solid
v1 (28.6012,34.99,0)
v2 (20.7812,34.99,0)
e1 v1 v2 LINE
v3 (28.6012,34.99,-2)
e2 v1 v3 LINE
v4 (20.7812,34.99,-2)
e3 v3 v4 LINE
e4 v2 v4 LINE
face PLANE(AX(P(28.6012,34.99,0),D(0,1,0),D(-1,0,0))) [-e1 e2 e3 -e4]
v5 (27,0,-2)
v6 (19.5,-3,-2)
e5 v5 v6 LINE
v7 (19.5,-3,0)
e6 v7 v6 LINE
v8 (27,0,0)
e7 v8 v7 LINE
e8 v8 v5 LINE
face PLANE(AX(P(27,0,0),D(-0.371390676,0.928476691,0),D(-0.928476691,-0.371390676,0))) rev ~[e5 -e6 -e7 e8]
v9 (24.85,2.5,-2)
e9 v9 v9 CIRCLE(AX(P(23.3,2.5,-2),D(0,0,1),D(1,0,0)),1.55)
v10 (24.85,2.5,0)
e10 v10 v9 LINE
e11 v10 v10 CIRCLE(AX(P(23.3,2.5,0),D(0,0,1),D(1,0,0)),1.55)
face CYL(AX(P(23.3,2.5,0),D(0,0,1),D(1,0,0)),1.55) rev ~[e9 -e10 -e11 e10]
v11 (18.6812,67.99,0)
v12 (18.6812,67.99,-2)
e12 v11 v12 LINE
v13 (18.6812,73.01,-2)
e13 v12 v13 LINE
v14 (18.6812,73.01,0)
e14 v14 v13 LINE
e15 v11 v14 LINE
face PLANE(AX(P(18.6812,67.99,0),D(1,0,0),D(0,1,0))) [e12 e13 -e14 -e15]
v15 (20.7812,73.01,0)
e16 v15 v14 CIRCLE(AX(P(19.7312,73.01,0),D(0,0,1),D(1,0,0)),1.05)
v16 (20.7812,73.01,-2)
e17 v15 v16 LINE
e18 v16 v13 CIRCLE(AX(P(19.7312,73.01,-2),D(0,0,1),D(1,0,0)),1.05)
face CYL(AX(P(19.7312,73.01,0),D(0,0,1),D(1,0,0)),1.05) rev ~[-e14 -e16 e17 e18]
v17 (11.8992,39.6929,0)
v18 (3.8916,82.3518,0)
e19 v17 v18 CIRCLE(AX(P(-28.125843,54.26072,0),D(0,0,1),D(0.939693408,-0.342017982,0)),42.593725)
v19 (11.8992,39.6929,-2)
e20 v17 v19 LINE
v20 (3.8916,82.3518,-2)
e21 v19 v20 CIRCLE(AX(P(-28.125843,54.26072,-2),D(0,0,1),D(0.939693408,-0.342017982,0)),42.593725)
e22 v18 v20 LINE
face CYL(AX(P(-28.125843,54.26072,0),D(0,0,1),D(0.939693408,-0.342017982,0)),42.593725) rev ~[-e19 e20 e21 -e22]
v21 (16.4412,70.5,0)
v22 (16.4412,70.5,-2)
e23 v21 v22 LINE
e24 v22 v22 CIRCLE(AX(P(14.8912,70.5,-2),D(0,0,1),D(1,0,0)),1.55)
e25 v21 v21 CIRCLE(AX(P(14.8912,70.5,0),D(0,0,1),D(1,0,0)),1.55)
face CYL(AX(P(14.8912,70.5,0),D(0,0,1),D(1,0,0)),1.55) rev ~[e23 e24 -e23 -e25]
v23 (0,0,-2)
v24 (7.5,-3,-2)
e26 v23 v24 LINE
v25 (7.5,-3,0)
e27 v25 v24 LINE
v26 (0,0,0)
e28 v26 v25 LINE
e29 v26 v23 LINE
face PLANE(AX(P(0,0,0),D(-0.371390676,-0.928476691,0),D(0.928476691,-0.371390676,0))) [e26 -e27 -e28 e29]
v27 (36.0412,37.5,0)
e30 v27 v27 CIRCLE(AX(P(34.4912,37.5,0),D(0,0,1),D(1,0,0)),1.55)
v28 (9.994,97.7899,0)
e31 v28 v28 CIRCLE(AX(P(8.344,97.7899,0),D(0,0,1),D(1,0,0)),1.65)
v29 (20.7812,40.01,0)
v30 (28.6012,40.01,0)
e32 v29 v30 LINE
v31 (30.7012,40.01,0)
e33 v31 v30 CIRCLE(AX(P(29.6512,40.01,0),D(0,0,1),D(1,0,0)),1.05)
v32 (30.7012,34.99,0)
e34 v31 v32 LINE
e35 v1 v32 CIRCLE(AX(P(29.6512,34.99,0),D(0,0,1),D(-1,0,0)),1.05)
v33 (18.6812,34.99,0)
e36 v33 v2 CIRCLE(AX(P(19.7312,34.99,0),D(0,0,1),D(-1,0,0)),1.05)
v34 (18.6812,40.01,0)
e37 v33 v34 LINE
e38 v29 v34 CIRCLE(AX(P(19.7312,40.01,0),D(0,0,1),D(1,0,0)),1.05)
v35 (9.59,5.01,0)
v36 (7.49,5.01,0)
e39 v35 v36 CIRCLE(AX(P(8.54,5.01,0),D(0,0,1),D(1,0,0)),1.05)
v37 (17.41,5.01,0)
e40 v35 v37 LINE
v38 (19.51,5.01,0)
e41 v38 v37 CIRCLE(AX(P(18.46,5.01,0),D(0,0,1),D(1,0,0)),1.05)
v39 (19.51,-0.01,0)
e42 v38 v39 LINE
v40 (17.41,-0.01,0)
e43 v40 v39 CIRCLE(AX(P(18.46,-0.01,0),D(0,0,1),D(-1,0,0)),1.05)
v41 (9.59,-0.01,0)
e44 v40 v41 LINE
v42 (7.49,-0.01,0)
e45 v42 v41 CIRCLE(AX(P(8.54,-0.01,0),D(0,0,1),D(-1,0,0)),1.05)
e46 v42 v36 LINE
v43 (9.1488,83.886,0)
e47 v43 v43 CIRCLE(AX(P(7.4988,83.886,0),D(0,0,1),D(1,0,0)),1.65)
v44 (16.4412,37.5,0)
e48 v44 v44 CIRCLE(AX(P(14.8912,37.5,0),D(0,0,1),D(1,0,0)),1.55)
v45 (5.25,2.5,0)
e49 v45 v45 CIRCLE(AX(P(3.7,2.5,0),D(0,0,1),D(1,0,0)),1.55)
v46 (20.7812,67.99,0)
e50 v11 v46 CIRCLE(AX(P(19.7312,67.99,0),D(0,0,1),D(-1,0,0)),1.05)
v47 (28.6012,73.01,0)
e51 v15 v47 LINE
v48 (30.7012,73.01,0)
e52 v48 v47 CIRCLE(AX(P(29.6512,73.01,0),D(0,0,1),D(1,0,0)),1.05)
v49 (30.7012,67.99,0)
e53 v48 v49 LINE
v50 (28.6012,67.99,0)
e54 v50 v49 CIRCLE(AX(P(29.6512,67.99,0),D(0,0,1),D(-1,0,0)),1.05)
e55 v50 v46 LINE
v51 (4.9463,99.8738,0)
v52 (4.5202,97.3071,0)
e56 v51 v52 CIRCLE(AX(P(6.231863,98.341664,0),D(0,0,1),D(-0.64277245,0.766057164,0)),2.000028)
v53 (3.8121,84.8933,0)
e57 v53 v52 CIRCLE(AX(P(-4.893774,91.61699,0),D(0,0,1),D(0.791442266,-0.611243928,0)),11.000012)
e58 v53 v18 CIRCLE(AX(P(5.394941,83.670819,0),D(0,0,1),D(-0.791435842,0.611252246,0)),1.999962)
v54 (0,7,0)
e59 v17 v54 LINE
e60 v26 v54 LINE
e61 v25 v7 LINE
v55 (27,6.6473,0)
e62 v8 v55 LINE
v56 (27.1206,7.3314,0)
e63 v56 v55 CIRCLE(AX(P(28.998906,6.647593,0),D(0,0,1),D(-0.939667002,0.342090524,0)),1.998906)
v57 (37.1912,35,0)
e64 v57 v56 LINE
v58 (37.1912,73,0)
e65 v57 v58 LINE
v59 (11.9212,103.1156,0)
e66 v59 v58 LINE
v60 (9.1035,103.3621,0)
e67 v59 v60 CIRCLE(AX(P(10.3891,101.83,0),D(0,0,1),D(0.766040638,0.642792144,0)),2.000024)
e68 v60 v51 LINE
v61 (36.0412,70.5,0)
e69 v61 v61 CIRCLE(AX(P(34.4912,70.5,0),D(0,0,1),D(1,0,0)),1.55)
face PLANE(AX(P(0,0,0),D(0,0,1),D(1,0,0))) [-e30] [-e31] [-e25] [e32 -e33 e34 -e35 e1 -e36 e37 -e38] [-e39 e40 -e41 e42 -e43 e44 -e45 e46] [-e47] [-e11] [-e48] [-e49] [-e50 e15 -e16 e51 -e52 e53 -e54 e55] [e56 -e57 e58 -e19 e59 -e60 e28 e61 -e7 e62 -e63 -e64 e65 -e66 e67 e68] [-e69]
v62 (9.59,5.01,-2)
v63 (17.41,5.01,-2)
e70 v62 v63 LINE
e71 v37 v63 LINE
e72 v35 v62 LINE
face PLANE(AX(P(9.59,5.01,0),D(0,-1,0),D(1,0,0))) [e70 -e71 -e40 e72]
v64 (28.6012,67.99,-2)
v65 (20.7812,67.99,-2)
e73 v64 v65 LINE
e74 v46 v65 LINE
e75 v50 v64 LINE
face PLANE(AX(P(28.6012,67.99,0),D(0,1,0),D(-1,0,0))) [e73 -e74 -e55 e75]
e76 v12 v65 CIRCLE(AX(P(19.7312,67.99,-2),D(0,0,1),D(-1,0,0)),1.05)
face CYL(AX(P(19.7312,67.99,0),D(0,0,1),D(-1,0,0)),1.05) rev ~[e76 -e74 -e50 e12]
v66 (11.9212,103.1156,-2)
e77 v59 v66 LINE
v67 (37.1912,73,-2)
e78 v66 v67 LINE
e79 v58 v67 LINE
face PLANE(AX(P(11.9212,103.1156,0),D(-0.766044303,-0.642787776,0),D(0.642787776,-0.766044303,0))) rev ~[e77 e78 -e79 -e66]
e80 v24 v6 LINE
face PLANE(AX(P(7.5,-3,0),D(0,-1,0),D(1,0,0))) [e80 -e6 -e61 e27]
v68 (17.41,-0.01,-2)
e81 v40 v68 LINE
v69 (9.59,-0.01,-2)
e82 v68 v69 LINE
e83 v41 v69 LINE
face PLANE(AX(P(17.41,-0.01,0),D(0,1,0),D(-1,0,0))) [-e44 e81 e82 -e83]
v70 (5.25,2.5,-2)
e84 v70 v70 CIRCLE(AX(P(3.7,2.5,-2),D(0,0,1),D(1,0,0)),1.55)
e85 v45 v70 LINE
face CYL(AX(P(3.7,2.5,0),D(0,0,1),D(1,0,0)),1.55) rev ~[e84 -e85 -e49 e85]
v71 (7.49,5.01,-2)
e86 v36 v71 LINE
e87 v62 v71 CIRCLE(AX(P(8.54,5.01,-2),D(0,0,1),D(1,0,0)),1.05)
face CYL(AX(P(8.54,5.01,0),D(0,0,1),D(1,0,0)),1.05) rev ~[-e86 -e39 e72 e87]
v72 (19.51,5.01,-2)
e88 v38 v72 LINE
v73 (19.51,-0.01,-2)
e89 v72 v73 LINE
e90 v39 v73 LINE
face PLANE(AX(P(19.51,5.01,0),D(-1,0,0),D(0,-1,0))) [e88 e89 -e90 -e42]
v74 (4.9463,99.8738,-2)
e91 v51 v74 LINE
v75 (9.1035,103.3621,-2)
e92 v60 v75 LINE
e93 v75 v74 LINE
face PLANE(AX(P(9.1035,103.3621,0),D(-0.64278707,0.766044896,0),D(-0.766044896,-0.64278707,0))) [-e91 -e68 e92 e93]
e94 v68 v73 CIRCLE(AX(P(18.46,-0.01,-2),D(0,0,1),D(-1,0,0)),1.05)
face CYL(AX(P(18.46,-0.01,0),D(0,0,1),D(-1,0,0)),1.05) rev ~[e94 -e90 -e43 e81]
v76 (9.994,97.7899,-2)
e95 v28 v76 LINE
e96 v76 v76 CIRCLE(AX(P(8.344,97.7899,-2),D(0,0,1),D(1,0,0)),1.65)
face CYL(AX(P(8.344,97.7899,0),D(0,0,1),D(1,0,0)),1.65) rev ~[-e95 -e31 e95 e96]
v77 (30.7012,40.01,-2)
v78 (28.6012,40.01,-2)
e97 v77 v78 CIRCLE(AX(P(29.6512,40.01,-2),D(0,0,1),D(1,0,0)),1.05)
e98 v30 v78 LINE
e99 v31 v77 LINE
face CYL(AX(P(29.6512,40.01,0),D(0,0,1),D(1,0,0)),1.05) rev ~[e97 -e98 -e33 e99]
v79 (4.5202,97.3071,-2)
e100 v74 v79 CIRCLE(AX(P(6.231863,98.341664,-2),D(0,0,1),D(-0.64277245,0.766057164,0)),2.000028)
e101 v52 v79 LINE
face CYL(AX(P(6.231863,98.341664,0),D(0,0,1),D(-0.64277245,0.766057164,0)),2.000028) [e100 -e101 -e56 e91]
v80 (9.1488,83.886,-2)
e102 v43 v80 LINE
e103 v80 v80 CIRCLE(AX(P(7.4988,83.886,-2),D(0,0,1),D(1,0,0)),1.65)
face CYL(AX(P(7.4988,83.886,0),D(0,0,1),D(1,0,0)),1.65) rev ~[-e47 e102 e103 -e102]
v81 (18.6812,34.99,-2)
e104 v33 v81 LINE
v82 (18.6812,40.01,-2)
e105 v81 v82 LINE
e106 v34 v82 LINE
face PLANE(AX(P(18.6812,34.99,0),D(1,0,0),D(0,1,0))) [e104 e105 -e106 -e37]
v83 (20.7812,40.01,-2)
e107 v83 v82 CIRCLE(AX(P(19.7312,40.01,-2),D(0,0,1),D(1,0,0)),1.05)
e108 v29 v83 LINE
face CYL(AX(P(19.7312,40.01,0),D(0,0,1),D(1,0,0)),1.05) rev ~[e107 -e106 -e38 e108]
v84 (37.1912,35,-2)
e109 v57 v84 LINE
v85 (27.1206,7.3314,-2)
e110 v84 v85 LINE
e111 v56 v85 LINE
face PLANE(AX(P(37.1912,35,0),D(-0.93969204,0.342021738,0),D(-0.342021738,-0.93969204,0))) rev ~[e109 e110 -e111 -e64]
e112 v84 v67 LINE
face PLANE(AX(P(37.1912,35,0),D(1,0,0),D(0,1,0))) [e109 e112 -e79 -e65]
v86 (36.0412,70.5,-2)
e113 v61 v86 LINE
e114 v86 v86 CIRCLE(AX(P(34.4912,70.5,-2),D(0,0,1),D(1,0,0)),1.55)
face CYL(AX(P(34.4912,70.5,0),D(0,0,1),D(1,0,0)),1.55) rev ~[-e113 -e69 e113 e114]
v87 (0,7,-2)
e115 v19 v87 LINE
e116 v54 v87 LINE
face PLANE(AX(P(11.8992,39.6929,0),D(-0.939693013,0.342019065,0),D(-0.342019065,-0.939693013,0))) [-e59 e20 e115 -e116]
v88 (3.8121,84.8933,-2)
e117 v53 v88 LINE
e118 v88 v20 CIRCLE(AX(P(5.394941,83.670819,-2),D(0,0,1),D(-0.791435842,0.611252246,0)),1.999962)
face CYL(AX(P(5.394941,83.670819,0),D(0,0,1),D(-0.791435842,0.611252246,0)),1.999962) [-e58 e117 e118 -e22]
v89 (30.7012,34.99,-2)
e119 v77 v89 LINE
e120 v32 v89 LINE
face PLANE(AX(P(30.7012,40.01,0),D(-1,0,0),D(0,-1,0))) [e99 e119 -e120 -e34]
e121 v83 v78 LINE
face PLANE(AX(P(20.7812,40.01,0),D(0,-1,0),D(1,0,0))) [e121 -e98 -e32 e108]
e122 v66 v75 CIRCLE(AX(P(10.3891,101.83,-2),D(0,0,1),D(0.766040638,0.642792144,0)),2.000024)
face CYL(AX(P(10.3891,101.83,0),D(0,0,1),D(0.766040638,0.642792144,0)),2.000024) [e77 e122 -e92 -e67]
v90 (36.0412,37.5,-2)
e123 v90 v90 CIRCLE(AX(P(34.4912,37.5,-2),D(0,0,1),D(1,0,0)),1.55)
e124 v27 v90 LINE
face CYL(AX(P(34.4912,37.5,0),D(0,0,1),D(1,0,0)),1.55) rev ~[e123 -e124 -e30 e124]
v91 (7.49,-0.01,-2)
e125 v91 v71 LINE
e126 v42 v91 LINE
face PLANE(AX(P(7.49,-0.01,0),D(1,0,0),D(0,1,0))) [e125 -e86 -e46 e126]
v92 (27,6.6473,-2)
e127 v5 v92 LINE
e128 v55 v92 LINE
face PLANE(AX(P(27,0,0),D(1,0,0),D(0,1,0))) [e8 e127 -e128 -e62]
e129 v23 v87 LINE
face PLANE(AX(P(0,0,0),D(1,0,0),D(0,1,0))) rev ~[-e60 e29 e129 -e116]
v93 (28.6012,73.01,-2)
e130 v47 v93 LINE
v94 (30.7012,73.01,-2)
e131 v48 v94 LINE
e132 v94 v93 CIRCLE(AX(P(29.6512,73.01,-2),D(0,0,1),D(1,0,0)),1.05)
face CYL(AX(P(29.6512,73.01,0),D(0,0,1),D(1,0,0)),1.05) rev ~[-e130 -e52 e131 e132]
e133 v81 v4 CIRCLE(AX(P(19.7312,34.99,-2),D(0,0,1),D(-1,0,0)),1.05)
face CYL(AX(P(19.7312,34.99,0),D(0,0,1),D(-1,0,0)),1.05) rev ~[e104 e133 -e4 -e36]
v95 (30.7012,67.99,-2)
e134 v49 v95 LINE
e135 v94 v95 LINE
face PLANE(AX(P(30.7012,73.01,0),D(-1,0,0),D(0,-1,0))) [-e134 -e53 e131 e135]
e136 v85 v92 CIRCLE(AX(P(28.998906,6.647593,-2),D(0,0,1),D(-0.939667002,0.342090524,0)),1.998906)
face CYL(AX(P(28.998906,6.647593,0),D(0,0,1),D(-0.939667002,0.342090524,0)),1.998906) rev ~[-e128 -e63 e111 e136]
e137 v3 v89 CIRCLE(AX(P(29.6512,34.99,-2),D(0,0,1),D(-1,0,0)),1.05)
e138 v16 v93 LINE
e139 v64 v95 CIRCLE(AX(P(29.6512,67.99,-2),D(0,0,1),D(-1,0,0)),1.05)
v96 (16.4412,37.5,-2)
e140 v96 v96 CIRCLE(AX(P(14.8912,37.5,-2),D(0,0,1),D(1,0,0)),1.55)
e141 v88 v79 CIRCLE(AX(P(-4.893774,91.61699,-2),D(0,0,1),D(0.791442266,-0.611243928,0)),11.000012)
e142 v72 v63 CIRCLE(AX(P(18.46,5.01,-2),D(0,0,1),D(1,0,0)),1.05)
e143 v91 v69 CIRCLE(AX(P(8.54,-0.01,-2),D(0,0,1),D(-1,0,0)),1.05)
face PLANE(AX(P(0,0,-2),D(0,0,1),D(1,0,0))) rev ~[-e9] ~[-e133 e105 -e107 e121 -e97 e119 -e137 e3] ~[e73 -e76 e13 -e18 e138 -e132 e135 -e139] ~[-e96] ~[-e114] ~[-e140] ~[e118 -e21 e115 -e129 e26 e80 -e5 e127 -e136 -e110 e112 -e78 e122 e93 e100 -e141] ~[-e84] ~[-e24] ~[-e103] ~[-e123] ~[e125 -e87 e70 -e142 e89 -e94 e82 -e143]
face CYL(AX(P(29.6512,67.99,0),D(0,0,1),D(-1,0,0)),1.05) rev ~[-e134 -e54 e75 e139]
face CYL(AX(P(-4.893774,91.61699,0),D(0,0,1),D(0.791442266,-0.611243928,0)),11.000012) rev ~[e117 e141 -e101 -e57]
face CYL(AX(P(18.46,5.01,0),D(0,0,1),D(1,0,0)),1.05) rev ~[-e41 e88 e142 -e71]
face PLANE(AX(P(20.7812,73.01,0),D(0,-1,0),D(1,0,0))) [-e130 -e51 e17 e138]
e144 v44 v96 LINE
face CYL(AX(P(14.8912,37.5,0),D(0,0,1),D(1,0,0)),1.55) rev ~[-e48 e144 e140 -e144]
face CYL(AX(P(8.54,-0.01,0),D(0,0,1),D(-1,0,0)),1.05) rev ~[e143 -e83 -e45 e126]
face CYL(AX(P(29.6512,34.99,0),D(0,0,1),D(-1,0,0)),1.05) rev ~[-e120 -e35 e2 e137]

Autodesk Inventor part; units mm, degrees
ref_plane "YZ Plane" through (0, 0, 0) normal (1, 0, 0) x (0, 1, 0)
ref_plane "XZ Plane" through (0, 0, 0) normal (0, 1, 0) x (-1, 0, 0)
ref_plane "XY Plane" through (0, 0, 0) normal (0, 0, 1) x (1, 0, 0)
sketch "スケッチ1" plane through (0, 0, 0) normal (0, 0, 1) x (1, 0, 0)
  line L0 (0, 0) -> (27, 0) construction
  line L1 (27, 0) -> (27, 5) construction
  line L2 (27, 5) -> (0, 5) construction
  line L3 (0, 5) -> (0, 0) construction
  line L4 (0, 2.5) -> (27, 2.5) construction
  line L5 (13.5, 5) -> (13.5, 0) construction
  circle A0 centre (3.7, 2.5) radius 1.55
  line L6 (7.5, 5) -> (7.5, 0) construction
  circle A1 centre (23.3, 2.5) radius 1.55
  line L7 (19.5, 5) -> (19.5, 0) construction
  line L8 (7.49, 5.01) -> (9.59, 5.01) construction
  line L9 (19.51, 5.01) -> (19.51, -0.01)
  line L10 (19.51, -0.01) -> (17.41, -0.01) construction
  line L11 (7.49, -0.01) -> (7.49, 5.01)
  line L12 (7.49, 5.01) -> (19.51, -0.01) construction
  line L13 (19.51, 5.01) -> (7.49, -0.01) construction
  line L14 (0, 0) -> (7.5, -3)
  line L15 (7.5, -3) -> (19.5, -3)
  line L16 (27, 0) -> (19.5, -3)
  arc A2 (9.59, 5.01) -> (7.49, 5.01) centre (8.54, 5.01) ccw
  arc A3 (7.49, -0.01) -> (9.59, -0.01) centre (8.54, -0.01) ccw
  arc A4 (19.51, 5.01) -> (17.41, 5.01) centre (18.46, 5.01) ccw
  arc A5 (17.41, -0.01) -> (19.51, -0.01) centre (18.46, -0.01) ccw
  line L17 (9.59, 5.01) -> (17.41, 5.01)
  line L18 (9.59, -0.01) -> (7.49, -0.01) construction
  line L19 (17.41, 5.01) -> (19.51, 5.01) construction
  line L20 (17.41, -0.01) -> (9.59, -0.01)
  line L21 (27, 7) -> (0, 7) construction
  line L22 (0, 0) -> (0, 7)
  line L23 (12.1912, 35) -> (37.1912, 35) construction
  line L24 (37.1912, 35) -> (37.1912, 40) construction
  line L25 (37.1912, 40) -> (12.1912, 40) construction
  line L26 (12.1912, 40) -> (12.1912, 35) construction
  line L27 (12.1912, 37.5) -> (37.1912, 37.5) construction
  line L28 (24.6912, 40) -> (24.6912, 35) construction
  circle A6 centre (14.8912, 37.5) radius 1.55
  line L29 (18.6912, 40) -> (18.6912, 35) construction
  line L30 (30.6912, 40) -> (30.6912, 35) construction
  circle A7 centre (34.4912, 37.5) radius 1.55
  line L31 (18.6812, 40.01) -> (20.7812, 40.01) construction
  line L32 (30.7012, 40.01) -> (30.7012, 34.99)
  line L33 (30.7012, 34.99) -> (28.6012, 34.99) construction
  line L34 (18.6812, 34.99) -> (18.6812, 40.01)
  line L35 (18.6812, 40.01) -> (30.7012, 34.99) construction
  line L36 (30.7012, 40.01) -> (18.6812, 34.99) construction
  arc A8 (20.7812, 40.01) -> (18.6812, 40.01) centre (19.7312, 40.01) ccw
  arc A9 (18.6812, 34.99) -> (20.7812, 34.99) centre (19.7312, 34.99) ccw
  arc A10 (30.7012, 40.01) -> (28.6012, 40.01) centre (29.6512, 40.01) ccw
  arc A11 (28.6012, 34.99) -> (30.7012, 34.99) centre (29.6512, 34.99) ccw
  line L37 (20.7812, 40.01) -> (28.6012, 40.01)
  line L38 (20.7812, 34.99) -> (18.6812, 34.99) construction
  line L39 (28.6012, 40.01) -> (30.7012, 40.01) construction
  line L40 (28.6012, 34.99) -> (20.7812, 34.99)
  line L41 (12.1912, 73) -> (12.1912, 68) construction
  circle A12 centre (14.8912, 70.5) radius 1.55
  line L42 (37.1912, 68) -> (37.1912, 73) construction
  line L43 (30.6912, 73) -> (30.6912, 68) construction
  circle A13 centre (34.4912, 70.5) radius 1.55
  line L44 (30.7012, 73.01) -> (30.7012, 67.99)
  line L45 (18.6912, 73) -> (18.6912, 68) construction
  line L46 (12.1912, 68) -> (37.1912, 68) construction
  line L47 (37.1912, 73) -> (12.1912, 73) construction
  line L48 (12.1912, 70.5) -> (37.1912, 70.5) construction
  line L49 (24.6912, 73) -> (24.6912, 68) construction
  line L50 (20.7812, 73.01) -> (28.6012, 73.01)
  line L51 (28.6012, 67.99) -> (20.7812, 67.99)
  line L52 (18.6812, 73.01) -> (30.7012, 67.99) construction
  line L53 (30.7012, 73.01) -> (18.6812, 67.99) construction
  arc A14 (30.7012, 73.01) -> (28.6012, 73.01) centre (29.6512, 73.01) ccw
  line L54 (28.6012, 73.01) -> (30.7012, 73.01) construction
  arc A15 (28.6012, 67.99) -> (30.7012, 67.99) centre (29.6512, 67.99) ccw
  line L55 (30.7012, 67.99) -> (28.6012, 67.99) construction
  line L56 (18.6812, 73.01) -> (20.7812, 73.01) construction
  line L57 (20.7812, 67.99) -> (18.6812, 67.99) construction
  arc A16 (20.7812, 73.01) -> (18.6812, 73.01) centre (19.7312, 73.01) ccw
  arc A17 (18.6812, 67.99) -> (20.7812, 67.99) centre (19.7312, 67.99) ccw
  line L58 (18.6812, 67.99) -> (18.6812, 73.01)
  line L59 (27, 0) -> (27, 6.6473)
  line L60 (37.1912, 35) -> (27.1206, 7.3314)
  line L61 (11.8992, 39.6929) -> (0, 7)
  line L62 (37.1912, 35) -> (37.1912, 73)
  line L63 (9.1035, 103.3621) -> (4.9463, 99.8738)
  arc A18 (3.8121, 84.8933) -> (4.5202, 97.3071) centre (-4.8938, 91.617) ccw
  circle A19 centre (-4.8938, 91.617) radius 14.6063 construction
  line L64 (1.0459, 61.9185) -> (-21.5815, 84.5459) construction
  line L65 (-21.5815, 84.5459) -> (-18.0459, 88.0815) construction
  line L66 (-18.0459, 88.0815) -> (4.5815, 65.4541) construction
  line L67 (4.5815, 65.4541) -> (1.0459, 61.9185) construction
  line L68 (1.0459, 61.9185) -> (-18.0459, 88.0815) construction
  line L69 (-21.5815, 84.5459) -> (4.5815, 65.4541) construction
  line L70 (11.9212, 103.1156) -> (37.1912, 73)
  arc A20 (11.8992, 39.6929) -> (3.8916, 82.3518) centre (-28.1256, 54.2607) ccw
  arc A21 (8.344, 97.7899) -> (6.2953, 101.0057) centre (-4.8938, 91.617) ccw construction
  arc A22 (5.0756, 80.942) -> (7.4988, 83.886) centre (-4.8938, 91.617) ccw construction
  circle A23 centre (8.344, 97.7899) radius 1.65
  circle A24 centre (7.4988, 83.886) radius 1.65
  arc A25 (11.9212, 103.1156) -> (9.1035, 103.3621) centre (10.3891, 101.83) ccw
  arc A26 (4.9463, 99.8738) -> (4.5202, 97.3071) centre (6.2318, 98.3417) ccw
  arc A27 (3.8121, 84.8933) -> (3.8916, 82.3518) centre (5.395, 83.6708) ccw
  arc A28 (27.1206, 7.3314) -> (27, 6.6473) centre (29, 6.6473) ccw
  point P0 (13.5, 2.5)
  point P1 (24.6912, 37.5)
  point P2 (24.6912, 70.5)
  point P3 (10.6356, 104.6477)
  point P4 (3.5327, 98.6877)
  point P5 (-8.5, 75)
  dimension "d0" = 27
  dimension "d1" = 5
  dimension "d2" = 3.1
  dimension "d3" = 12
  dimension "d4" = 19.6
  dimension "d5" = 0.01
  dimension "d6" = 0.01
  dimension "d7" = 3
  dimension "d8" = 12
  dimension "d9" = 1.05
  dimension "d10" = 7
  dimension "d11" = 25
  dimension "d12" = 5
  dimension "d13" = 3.1
  dimension "d14" = 12
  dimension "d15" = 19.6
  dimension "d16" = 0.01
  dimension "d17" = 0.01
  dimension "d20" = 1.05
  dimension "d22" = 25
  dimension "d23" = 5
  dimension "d24" = 3.1
  dimension "d25" = 12
  dimension "d26" = 19.6
  dimension "d27" = 0.01
  dimension "d28" = 0.01
  dimension "d29" = 1.05
  dimension "d30" = 70
  dimension "d31" = 66
  dimension "d32" = 33
  dimension "d37" = 5
  dimension "d38" = 75
  dimension "d39" = 135
  dimension "d40" = 8.5
  dimension "d46" = 11.8
  dimension "d47" = 32
  dimension "d48" = 50
  dimension "d49" = 6.8
  dimension "d50" = 11
  dimension "d51" = 29.2126
  dimension "d54" = 15
  dimension "d55" = 15
  dimension "d56" = 3.3
  dimension "d57" = 3.3
  dimension "d60" = 2
  dimension "d61" = 2
extrude "押し出し1" add sketch "スケッチ1" against normal blind 2
equation "\"d5\" = d6"
equation "\"d12\" = d1"
equation "\"d13\" = d2"
equation "\"d14\" = d3"
equation "\"d15\" = d4"
equation "\"d16\" = d6"
equation "\"d17\" = d6"
equation "\"d22\" = d11"
equation "\"d23\" = d1"
equation "\"d24\" = d2"
equation "\"d25\" = d3"
equation "\"d26\" = d4"
equation "\"d27\" = d6"
equation "\"d28\" = d6"
equation "\"d32\" = 0.5 * d31"
properties part number "頭_メインフレーム" material "CFRP"
